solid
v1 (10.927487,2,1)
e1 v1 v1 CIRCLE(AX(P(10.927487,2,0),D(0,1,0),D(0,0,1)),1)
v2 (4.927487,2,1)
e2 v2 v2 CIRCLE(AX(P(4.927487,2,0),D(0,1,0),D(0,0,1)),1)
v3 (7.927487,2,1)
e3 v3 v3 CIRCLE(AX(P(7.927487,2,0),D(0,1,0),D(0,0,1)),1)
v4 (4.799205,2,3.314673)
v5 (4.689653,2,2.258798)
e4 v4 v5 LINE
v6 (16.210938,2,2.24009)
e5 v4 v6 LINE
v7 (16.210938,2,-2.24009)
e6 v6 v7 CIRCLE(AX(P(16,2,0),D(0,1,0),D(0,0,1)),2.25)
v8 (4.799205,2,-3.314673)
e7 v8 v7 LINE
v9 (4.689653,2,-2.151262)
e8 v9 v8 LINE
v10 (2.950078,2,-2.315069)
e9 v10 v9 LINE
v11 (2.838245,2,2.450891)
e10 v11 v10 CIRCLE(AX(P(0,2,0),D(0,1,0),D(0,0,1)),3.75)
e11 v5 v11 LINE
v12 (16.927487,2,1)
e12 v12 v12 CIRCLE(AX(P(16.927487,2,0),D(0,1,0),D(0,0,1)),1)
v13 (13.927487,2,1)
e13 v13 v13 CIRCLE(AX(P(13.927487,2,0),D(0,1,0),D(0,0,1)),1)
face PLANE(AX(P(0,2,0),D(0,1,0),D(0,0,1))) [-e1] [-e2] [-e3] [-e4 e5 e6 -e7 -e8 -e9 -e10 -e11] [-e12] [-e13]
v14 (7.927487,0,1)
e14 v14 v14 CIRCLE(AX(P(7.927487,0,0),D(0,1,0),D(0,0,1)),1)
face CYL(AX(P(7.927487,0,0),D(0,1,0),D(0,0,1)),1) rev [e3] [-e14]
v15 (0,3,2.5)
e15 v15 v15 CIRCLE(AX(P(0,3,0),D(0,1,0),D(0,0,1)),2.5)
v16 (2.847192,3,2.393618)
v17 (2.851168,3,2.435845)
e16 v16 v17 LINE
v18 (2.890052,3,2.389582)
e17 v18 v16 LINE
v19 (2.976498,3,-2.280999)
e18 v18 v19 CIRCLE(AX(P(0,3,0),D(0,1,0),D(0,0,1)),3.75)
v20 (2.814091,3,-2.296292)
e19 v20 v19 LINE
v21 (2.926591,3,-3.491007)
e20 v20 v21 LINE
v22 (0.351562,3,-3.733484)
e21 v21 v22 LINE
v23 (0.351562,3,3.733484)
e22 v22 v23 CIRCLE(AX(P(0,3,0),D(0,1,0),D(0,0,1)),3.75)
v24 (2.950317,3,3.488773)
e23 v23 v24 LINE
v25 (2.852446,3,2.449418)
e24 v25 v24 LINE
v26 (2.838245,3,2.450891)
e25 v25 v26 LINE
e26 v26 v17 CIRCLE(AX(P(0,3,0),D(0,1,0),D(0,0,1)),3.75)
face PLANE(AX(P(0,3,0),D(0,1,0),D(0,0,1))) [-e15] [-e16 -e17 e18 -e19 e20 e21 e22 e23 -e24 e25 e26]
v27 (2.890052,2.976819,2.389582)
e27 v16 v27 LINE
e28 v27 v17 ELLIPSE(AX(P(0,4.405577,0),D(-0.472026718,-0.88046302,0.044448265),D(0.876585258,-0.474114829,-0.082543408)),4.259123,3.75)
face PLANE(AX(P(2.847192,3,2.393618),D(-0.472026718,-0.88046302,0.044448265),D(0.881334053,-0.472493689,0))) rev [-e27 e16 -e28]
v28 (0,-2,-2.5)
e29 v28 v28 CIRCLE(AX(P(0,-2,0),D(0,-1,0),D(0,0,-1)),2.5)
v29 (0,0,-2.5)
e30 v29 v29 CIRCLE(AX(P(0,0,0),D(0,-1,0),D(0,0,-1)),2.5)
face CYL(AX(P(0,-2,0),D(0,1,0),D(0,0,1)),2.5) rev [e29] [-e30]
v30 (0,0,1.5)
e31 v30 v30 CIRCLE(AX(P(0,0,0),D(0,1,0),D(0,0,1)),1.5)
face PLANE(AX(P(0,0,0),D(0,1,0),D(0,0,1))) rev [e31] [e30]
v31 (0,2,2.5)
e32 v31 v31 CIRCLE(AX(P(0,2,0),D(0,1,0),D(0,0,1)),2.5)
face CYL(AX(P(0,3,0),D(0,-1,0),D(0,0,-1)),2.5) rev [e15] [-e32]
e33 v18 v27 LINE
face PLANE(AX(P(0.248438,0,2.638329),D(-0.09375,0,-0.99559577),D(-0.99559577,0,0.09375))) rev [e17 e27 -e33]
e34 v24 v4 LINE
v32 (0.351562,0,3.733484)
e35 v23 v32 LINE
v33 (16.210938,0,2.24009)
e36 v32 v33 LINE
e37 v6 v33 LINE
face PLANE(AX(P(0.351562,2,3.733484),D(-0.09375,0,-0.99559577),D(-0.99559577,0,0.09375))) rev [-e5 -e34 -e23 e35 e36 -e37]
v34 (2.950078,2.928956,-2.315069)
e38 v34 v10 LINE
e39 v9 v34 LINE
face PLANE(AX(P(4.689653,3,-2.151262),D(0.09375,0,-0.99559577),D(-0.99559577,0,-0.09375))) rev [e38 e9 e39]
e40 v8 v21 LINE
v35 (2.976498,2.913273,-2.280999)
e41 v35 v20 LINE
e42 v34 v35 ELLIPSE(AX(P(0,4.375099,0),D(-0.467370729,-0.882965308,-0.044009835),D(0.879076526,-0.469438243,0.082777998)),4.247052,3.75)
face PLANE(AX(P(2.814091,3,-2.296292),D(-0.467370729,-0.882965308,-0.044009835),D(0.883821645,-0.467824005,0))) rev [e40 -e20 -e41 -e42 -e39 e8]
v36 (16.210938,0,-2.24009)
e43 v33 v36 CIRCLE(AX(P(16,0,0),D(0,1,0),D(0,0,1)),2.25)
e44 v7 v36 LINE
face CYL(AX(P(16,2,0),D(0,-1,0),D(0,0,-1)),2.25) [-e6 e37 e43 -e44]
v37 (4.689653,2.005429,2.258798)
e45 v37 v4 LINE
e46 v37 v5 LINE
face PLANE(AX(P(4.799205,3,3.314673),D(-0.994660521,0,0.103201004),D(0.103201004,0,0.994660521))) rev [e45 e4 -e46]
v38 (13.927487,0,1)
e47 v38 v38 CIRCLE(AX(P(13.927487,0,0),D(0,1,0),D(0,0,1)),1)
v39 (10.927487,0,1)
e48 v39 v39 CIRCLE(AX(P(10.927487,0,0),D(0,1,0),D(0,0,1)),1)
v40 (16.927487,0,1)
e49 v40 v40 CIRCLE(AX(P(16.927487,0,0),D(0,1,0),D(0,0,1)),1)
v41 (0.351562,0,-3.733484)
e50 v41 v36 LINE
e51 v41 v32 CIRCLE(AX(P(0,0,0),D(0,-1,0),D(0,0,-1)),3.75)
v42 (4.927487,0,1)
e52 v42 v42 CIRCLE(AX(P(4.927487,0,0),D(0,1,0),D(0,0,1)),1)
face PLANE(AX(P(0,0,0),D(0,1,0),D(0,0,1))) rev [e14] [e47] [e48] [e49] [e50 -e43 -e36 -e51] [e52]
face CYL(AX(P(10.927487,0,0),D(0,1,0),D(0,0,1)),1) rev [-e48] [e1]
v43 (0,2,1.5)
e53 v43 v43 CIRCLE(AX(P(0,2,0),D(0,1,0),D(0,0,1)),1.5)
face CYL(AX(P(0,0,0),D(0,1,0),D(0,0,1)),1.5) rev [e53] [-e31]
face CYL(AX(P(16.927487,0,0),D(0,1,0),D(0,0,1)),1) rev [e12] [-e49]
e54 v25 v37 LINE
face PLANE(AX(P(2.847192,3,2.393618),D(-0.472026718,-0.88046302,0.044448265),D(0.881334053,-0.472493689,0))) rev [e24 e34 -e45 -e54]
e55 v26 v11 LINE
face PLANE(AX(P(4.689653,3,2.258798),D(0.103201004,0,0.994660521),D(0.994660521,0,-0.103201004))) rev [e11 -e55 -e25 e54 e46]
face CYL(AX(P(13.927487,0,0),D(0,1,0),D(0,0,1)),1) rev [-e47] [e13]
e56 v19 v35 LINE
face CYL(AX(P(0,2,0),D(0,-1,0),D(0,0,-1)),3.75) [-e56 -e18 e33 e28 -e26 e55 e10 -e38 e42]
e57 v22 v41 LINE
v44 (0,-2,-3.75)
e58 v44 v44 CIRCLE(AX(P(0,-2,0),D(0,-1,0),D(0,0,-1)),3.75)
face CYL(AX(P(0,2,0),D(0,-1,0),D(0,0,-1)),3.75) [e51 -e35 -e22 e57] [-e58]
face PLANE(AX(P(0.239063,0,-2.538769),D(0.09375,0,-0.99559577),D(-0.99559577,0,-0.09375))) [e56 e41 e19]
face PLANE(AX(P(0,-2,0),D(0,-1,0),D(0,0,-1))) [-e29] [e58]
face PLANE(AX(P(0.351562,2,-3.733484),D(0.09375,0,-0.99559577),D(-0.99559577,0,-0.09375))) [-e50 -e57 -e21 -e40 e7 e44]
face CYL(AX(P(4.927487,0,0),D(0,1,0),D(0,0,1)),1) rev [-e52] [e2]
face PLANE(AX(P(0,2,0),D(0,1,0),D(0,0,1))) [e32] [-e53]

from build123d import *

# Parameters (mm, degrees)
SKETCH_1_R          = 3.75
SKETCH_1_R_2        = 2.25
EXTRUDE_1_DEPTH     = 2
SKETCH_2_R          = 3.75
SKETCH_2_R_2        = 2.5
EXTRUDE_2_DEPTH     = 1
EXTRUDE_START       = 2
SKETCH_3_R          = 3.75
SKETCH_3_R_2        = 2.5
EXTRUDE_3_DEPTH     = 2
SKETCH_4_R          = 1.5
SKETCH_4_R_2        = 1
CUT_EXTRUDE_1_DEPTH = 2
EXTRUDE_4_DEPTH     = 1
CUT_EXTRUDE_2_DEPTH = 1.1
CUT_EXTRUDE_4_DEPTH = 1.2


with BuildPart() as part:
    # 草图1 → 凸台-拉伸1 (new body)
    with BuildSketch(Plane(origin=(0, 0, 0), x_dir=(1, 0, 0), z_dir=(0, 1, 0))):
        Circle(SKETCH_1_R)
        with BuildLine():
            Line((16.2109375, 2.240090483), (0.3515625, 3.733484138))
            ThreePointArc((0.3515625, 3.733484138), (2.773162398, 2.524296003), (3.75, 0))
            ThreePointArc((3.75, 0), (2.773162398, -2.524296003), (0.3515625, -3.733484138))
            Line((0.3515625, -3.733484138), (16.2109375, -2.240090483))
            ThreePointArc((16.2109375, -2.240090483), (13.75, 0), (16.2109375, 2.240090483))
        make_face()
        with Locations((16, 0)):
            Circle(SKETCH_1_R_2)
    extrude(amount=EXTRUDE_1_DEPTH)

    # 草图2 → 凸台-拉伸2 (add)
    with BuildSketch(Plane(origin=(0, 2, 0), x_dir=(1, 0, 0), z_dir=(0, 1, 0))):
        with Locations(Location((0, 0, 0), (0, 0, 84.620621009))):
            Circle(SKETCH_2_R)
        with Locations(Location((0, 0, 0), (0, 0, 270))):
            Circle(SKETCH_2_R_2, mode=Mode.SUBTRACT)
    extrude(amount=EXTRUDE_2_DEPTH)

    # 草图3 → 凸台-拉伸3 (add)
    with BuildSketch(Plane.XZ.offset(EXTRUDE_START)):
        with Locations(Location((0, 0, 0), (0, 0, 270))):
            Circle(SKETCH_3_R)
        with Locations(Location((0, 0, 0), (0, 0, 90))):
            Circle(SKETCH_3_R_2, mode=Mode.SUBTRACT)
    extrude(amount=-EXTRUDE_3_DEPTH)

    # 草图4 → 切除-拉伸1 (cut)
    with BuildSketch(Plane(origin=(0, 2, 0), x_dir=(1, 0, 0), z_dir=(0, 1, 0))):
        with Locations(Location((0, 0, 0), (0, 0, 270))):
            Circle(SKETCH_4_R)
        with Locations(Location((4.92748738, 0, 0), (0, 0, 270))):
            Circle(SKETCH_4_R_2)
        with Locations(Location((7.92748738, 0, 0), (0, 0, 270))):
            Circle(SKETCH_4_R_2)
        with Locations(Location((10.92748738, 0, 0), (0, 0, 270))):
            Circle(SKETCH_4_R_2)
        with Locations(Location((13.92748738, 0, 0), (0, 0, 270))):
            Circle(SKETCH_4_R_2)
        with Locations(Location((16.92748738, 0, 0), (0, 0, 270))):
            Circle(SKETCH_4_R_2)
    extrude(amount=-CUT_EXTRUDE_1_DEPTH, mode=Mode.SUBTRACT)

    # 草图5 → 凸台-拉伸4 (add)
    with BuildSketch(Plane(origin=(0, 2, 0), x_dir=(1, 0, 0), z_dir=(0, 1, 0))):
        with BuildLine():
            Line((0.3515625, 3.733484138), (4.799205036, 3.31467311))
            Line((4.799205036, 3.31467311), (4.689652743, 2.151261914))
            Line((4.689652743, 2.151261914), (2.950077578, 2.315068527))
            ThreePointArc((2.950077578, 2.315068527), (1.796714366, 3.291552444), (0.3515625, 3.733484138))
        make_face()
        with BuildLine():
            Line((0.3515625, -3.733484138), (4.799205036, -3.31467311))
            Line((4.799205036, -3.31467311), (4.689652743, -2.258798299))
            Line((4.689652743, -2.258798299), (2.838244627, -2.450891151))
            ThreePointArc((2.838244627, -2.450891151), (1.71900511, -3.332794838), (0.3515625, -3.733484138))
        make_face()
    extrude(amount=EXTRUDE_4_DEPTH)

    # 草图6 → 切除-拉伸2 (cut)
    with BuildSketch(Plane(origin=(0.3515625, 0, 3.733484138), x_dir=(0.9955957701296245, 0, -0.09374999999999994), z_dir=(0.09374999999999994, 0, 0.9955957701296245))):
        Polygon((2.610250593, 3), (4.46731763, 2), (4.46731763, 3), align=None)
    extrude(amount=-CUT_EXTRUDE_2_DEPTH, mode=Mode.SUBTRACT)

    # 草图7 → 切除-拉伸4 (cut)
    with BuildSketch(Plane(origin=(0.3515625, 0, -3.733484138), x_dir=(-0.9955957701296245, 0, -0.09375), z_dir=(0.09375, 0, -0.9955957701296245))):
        Polygon((-2.586419937, 3), (-4.46731763, 2), (-4.46731763, 3), align=None)
    extrude(amount=-CUT_EXTRUDE_4_DEPTH, mode=Mode.SUBTRACT)


solid = part.part
